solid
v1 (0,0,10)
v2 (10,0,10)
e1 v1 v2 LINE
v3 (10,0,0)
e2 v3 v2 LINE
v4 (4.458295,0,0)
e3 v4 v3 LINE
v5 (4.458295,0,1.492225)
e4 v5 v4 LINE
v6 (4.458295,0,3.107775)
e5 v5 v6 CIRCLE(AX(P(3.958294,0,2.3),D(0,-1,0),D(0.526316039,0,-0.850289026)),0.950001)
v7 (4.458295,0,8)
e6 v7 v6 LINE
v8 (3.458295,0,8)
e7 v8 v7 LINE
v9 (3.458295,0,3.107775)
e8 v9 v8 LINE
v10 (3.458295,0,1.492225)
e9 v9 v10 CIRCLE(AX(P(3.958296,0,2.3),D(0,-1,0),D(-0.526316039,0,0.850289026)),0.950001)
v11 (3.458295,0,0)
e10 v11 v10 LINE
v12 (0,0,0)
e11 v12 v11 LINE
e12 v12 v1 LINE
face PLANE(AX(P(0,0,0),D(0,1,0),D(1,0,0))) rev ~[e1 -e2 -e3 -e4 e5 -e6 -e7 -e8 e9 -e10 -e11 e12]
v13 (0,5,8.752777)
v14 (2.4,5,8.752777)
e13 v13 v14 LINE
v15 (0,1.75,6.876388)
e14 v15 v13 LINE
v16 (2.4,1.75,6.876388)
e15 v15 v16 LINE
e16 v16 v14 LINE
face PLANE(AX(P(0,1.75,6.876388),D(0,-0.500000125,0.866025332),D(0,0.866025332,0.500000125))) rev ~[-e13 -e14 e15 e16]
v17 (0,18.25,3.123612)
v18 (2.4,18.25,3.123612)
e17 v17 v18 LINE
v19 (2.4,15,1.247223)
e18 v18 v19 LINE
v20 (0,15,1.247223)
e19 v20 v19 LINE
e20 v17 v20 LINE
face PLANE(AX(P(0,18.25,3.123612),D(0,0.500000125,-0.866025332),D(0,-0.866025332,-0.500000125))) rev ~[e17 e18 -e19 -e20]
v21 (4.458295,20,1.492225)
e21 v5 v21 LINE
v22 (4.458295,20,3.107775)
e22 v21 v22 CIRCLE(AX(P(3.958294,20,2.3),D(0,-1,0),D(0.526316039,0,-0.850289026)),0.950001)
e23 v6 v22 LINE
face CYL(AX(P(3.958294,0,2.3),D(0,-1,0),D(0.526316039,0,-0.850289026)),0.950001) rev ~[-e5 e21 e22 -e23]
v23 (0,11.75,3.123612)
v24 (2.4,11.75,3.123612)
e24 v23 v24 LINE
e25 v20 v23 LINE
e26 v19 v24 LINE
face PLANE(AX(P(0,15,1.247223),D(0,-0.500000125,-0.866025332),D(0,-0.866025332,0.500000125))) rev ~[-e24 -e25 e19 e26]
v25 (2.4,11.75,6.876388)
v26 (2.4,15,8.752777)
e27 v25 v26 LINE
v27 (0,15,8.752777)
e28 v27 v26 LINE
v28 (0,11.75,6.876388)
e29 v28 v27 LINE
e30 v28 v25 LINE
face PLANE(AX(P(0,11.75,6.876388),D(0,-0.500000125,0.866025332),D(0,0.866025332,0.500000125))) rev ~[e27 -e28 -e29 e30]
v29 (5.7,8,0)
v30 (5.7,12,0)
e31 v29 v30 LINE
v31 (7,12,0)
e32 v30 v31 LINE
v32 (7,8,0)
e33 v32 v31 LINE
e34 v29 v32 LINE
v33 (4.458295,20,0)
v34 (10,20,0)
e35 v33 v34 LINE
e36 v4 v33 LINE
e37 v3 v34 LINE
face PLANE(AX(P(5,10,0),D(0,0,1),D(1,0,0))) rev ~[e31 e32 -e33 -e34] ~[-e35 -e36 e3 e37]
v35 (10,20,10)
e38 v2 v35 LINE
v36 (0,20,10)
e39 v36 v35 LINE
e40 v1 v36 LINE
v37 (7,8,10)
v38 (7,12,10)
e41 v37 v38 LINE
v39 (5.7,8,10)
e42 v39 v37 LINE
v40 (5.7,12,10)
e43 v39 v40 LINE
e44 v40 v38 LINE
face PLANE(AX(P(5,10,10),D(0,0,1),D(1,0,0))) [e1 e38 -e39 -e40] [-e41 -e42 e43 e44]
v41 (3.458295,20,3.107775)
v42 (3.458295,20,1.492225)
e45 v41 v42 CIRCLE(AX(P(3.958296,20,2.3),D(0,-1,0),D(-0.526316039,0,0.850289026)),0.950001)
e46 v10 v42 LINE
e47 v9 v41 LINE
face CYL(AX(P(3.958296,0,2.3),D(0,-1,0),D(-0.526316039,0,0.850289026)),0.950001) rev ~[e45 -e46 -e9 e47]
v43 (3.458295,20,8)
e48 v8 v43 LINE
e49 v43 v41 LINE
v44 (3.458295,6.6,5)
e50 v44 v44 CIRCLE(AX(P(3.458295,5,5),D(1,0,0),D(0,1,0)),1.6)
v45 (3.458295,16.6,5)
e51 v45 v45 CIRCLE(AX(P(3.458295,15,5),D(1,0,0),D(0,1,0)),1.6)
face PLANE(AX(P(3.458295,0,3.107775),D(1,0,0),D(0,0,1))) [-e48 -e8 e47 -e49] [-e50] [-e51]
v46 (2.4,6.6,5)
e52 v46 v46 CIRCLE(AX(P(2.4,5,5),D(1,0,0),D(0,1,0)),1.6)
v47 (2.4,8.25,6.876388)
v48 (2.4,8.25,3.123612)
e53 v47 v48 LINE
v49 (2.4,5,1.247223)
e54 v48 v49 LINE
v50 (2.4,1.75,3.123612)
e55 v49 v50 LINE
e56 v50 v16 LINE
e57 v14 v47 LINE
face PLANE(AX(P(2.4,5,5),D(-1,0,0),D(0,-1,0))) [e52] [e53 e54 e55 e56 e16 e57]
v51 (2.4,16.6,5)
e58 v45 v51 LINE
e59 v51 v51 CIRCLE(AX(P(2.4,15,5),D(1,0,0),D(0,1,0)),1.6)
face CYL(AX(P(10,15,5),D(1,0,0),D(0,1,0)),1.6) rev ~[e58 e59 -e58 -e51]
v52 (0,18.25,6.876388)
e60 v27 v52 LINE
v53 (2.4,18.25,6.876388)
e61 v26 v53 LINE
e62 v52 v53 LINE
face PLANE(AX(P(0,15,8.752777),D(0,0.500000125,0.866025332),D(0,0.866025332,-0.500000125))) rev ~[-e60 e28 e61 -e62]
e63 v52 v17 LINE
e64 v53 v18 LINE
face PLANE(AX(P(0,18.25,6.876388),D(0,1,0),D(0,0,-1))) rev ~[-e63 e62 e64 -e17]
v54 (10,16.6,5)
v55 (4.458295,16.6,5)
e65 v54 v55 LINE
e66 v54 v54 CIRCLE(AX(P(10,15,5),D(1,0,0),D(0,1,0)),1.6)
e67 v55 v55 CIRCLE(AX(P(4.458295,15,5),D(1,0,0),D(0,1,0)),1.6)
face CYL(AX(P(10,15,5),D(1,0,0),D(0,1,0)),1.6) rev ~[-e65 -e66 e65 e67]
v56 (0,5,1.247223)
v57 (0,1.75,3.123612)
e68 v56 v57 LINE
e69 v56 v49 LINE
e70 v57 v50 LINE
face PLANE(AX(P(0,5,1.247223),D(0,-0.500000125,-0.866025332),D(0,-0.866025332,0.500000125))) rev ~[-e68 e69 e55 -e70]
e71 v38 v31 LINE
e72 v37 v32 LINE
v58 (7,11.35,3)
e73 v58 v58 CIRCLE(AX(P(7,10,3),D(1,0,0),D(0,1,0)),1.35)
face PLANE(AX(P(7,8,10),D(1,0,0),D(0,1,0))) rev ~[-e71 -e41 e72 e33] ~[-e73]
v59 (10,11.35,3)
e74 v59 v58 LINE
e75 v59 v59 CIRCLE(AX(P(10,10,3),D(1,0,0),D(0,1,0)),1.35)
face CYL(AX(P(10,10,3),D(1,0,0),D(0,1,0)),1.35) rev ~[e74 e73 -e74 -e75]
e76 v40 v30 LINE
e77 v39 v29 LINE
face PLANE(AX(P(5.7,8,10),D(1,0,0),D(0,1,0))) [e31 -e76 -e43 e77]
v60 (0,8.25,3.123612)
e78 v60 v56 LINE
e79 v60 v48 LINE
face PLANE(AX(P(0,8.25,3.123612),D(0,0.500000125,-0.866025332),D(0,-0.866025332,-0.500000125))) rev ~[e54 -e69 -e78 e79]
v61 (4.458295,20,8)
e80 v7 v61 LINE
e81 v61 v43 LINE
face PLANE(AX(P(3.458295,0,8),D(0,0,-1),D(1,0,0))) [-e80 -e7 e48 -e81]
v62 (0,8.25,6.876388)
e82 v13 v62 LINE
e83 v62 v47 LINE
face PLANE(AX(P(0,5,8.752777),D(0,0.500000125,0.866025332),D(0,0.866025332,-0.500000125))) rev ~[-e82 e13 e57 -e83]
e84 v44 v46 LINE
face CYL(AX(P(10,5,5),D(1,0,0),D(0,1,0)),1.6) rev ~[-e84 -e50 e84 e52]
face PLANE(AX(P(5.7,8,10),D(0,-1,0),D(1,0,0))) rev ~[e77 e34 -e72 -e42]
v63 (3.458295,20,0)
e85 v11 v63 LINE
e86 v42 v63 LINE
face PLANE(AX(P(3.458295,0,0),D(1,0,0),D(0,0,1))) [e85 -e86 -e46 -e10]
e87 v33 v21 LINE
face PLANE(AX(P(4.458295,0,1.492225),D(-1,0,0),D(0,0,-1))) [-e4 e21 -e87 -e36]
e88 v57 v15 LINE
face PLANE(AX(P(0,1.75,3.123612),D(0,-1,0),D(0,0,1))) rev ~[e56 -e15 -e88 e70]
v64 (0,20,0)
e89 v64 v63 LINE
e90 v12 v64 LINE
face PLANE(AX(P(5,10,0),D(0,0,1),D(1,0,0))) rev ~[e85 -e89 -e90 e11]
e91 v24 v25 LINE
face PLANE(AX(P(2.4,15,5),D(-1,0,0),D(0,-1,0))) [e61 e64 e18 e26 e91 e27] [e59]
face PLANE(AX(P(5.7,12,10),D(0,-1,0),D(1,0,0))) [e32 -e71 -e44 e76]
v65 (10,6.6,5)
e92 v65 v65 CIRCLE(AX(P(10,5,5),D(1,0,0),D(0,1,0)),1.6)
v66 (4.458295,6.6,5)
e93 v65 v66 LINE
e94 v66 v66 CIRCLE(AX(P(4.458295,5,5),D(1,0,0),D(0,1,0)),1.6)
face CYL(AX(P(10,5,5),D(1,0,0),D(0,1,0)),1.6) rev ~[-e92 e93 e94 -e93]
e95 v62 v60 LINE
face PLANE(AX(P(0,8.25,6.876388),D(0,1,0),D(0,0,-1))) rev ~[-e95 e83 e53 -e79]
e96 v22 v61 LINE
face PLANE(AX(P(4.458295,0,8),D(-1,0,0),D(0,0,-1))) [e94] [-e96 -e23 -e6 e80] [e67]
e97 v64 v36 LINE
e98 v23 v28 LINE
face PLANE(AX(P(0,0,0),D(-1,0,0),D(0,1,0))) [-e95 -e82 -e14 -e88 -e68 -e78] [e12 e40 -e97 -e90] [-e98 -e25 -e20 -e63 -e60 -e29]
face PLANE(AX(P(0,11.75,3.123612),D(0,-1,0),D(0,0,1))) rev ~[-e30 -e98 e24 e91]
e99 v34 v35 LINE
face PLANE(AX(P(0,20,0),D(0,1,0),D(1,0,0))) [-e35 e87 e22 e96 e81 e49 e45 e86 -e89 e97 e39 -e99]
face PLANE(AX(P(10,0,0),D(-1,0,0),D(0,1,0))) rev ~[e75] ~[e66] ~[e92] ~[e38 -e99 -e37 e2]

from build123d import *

# Parameters (mm, degrees)
BOX_W           = 10
BOX_H           = 20
BOX_DEPTH       = 10
POCKET_DEPTH    = 20.001
POCKET001_DEPTH = 2.4
SKETCH002_R     = 1.6
POCKET002_DEPTH = 10.001
SKETCH003_W     = 1.3
SKETCH003_H     = 4
POCKET003_DEPTH = 10.001
SKETCH004_R     = 1.35
POCKET004_DEPTH = 3


with BuildPart() as part:
    # Box → Box (new body)
    with BuildSketch(Plane.XY):
        with Locations((5, 10)):
            Rectangle(BOX_W, BOX_H)
    extrude(amount=BOX_DEPTH)

    # Sketch → Pocket (cut, through all)
    with BuildSketch(Plane.XZ):
        with BuildLine():
            Line((3.458295, 0), (3.458295, 1.492225))
            ThreePointArc((3.458295, 3.107775), (3.008295, 2.3), (3.458295, 1.492225))
            Line((3.458295, 3.107775), (3.458295, 8))
            Line((3.458295, 8), (4.458295, 8))
            Line((4.458295, 8), (4.458295, 3.107775))
            ThreePointArc((4.458295, 1.492225), (4.908295, 2.3), (4.458295, 3.107775))
            Line((4.458295, 1.492225), (4.458295, 0))
            Line((3.458295, 0), (4.458295, 0))
        make_face()
    extrude(amount=-POCKET_DEPTH, mode=Mode.SUBTRACT)

    # Sketch001 → Pocket001 (cut)
    with BuildSketch(Plane(origin=(0, 0, 0), x_dir=(0, -1, 0), z_dir=(-1, 0, 0))):
        Polygon((-8.25, 6.876388), (-8.25, 3.123612), (-5, 1.247223), (-1.75, 3.123612), (-1.75, 6.876388), (-5, 8.752777), align=None)
        Polygon((-18.25, 6.876388), (-18.25, 3.123612), (-15, 1.247223), (-11.75, 3.123612), (-11.75, 6.876388), (-15, 8.752777), align=None)
    extrude(amount=-POCKET001_DEPTH, mode=Mode.SUBTRACT)

    # Sketch002 → Pocket002 (cut, through all)
    with BuildSketch(Plane.YZ.offset(10)):
        with Locations((5, 5)):
            Circle(SKETCH002_R)
        with Locations((15, 5)):
            Circle(SKETCH002_R)
    extrude(amount=-POCKET002_DEPTH, mode=Mode.SUBTRACT)

    # Sketch003 → Pocket003 (cut, through all)
    with BuildSketch(Plane.XY.offset(10)):
        with Locations((6.35, 10)):
            Rectangle(SKETCH003_W, SKETCH003_H)
    extrude(amount=-POCKET003_DEPTH, mode=Mode.SUBTRACT)

    # Sketch004 → Pocket004 (cut)
    with BuildSketch(Plane.YZ.offset(10)):
        with Locations((10, 3)):
            Circle(SKETCH004_R)
    extrude(amount=-POCKET004_DEPTH, mode=Mode.SUBTRACT)


solid = part.part
